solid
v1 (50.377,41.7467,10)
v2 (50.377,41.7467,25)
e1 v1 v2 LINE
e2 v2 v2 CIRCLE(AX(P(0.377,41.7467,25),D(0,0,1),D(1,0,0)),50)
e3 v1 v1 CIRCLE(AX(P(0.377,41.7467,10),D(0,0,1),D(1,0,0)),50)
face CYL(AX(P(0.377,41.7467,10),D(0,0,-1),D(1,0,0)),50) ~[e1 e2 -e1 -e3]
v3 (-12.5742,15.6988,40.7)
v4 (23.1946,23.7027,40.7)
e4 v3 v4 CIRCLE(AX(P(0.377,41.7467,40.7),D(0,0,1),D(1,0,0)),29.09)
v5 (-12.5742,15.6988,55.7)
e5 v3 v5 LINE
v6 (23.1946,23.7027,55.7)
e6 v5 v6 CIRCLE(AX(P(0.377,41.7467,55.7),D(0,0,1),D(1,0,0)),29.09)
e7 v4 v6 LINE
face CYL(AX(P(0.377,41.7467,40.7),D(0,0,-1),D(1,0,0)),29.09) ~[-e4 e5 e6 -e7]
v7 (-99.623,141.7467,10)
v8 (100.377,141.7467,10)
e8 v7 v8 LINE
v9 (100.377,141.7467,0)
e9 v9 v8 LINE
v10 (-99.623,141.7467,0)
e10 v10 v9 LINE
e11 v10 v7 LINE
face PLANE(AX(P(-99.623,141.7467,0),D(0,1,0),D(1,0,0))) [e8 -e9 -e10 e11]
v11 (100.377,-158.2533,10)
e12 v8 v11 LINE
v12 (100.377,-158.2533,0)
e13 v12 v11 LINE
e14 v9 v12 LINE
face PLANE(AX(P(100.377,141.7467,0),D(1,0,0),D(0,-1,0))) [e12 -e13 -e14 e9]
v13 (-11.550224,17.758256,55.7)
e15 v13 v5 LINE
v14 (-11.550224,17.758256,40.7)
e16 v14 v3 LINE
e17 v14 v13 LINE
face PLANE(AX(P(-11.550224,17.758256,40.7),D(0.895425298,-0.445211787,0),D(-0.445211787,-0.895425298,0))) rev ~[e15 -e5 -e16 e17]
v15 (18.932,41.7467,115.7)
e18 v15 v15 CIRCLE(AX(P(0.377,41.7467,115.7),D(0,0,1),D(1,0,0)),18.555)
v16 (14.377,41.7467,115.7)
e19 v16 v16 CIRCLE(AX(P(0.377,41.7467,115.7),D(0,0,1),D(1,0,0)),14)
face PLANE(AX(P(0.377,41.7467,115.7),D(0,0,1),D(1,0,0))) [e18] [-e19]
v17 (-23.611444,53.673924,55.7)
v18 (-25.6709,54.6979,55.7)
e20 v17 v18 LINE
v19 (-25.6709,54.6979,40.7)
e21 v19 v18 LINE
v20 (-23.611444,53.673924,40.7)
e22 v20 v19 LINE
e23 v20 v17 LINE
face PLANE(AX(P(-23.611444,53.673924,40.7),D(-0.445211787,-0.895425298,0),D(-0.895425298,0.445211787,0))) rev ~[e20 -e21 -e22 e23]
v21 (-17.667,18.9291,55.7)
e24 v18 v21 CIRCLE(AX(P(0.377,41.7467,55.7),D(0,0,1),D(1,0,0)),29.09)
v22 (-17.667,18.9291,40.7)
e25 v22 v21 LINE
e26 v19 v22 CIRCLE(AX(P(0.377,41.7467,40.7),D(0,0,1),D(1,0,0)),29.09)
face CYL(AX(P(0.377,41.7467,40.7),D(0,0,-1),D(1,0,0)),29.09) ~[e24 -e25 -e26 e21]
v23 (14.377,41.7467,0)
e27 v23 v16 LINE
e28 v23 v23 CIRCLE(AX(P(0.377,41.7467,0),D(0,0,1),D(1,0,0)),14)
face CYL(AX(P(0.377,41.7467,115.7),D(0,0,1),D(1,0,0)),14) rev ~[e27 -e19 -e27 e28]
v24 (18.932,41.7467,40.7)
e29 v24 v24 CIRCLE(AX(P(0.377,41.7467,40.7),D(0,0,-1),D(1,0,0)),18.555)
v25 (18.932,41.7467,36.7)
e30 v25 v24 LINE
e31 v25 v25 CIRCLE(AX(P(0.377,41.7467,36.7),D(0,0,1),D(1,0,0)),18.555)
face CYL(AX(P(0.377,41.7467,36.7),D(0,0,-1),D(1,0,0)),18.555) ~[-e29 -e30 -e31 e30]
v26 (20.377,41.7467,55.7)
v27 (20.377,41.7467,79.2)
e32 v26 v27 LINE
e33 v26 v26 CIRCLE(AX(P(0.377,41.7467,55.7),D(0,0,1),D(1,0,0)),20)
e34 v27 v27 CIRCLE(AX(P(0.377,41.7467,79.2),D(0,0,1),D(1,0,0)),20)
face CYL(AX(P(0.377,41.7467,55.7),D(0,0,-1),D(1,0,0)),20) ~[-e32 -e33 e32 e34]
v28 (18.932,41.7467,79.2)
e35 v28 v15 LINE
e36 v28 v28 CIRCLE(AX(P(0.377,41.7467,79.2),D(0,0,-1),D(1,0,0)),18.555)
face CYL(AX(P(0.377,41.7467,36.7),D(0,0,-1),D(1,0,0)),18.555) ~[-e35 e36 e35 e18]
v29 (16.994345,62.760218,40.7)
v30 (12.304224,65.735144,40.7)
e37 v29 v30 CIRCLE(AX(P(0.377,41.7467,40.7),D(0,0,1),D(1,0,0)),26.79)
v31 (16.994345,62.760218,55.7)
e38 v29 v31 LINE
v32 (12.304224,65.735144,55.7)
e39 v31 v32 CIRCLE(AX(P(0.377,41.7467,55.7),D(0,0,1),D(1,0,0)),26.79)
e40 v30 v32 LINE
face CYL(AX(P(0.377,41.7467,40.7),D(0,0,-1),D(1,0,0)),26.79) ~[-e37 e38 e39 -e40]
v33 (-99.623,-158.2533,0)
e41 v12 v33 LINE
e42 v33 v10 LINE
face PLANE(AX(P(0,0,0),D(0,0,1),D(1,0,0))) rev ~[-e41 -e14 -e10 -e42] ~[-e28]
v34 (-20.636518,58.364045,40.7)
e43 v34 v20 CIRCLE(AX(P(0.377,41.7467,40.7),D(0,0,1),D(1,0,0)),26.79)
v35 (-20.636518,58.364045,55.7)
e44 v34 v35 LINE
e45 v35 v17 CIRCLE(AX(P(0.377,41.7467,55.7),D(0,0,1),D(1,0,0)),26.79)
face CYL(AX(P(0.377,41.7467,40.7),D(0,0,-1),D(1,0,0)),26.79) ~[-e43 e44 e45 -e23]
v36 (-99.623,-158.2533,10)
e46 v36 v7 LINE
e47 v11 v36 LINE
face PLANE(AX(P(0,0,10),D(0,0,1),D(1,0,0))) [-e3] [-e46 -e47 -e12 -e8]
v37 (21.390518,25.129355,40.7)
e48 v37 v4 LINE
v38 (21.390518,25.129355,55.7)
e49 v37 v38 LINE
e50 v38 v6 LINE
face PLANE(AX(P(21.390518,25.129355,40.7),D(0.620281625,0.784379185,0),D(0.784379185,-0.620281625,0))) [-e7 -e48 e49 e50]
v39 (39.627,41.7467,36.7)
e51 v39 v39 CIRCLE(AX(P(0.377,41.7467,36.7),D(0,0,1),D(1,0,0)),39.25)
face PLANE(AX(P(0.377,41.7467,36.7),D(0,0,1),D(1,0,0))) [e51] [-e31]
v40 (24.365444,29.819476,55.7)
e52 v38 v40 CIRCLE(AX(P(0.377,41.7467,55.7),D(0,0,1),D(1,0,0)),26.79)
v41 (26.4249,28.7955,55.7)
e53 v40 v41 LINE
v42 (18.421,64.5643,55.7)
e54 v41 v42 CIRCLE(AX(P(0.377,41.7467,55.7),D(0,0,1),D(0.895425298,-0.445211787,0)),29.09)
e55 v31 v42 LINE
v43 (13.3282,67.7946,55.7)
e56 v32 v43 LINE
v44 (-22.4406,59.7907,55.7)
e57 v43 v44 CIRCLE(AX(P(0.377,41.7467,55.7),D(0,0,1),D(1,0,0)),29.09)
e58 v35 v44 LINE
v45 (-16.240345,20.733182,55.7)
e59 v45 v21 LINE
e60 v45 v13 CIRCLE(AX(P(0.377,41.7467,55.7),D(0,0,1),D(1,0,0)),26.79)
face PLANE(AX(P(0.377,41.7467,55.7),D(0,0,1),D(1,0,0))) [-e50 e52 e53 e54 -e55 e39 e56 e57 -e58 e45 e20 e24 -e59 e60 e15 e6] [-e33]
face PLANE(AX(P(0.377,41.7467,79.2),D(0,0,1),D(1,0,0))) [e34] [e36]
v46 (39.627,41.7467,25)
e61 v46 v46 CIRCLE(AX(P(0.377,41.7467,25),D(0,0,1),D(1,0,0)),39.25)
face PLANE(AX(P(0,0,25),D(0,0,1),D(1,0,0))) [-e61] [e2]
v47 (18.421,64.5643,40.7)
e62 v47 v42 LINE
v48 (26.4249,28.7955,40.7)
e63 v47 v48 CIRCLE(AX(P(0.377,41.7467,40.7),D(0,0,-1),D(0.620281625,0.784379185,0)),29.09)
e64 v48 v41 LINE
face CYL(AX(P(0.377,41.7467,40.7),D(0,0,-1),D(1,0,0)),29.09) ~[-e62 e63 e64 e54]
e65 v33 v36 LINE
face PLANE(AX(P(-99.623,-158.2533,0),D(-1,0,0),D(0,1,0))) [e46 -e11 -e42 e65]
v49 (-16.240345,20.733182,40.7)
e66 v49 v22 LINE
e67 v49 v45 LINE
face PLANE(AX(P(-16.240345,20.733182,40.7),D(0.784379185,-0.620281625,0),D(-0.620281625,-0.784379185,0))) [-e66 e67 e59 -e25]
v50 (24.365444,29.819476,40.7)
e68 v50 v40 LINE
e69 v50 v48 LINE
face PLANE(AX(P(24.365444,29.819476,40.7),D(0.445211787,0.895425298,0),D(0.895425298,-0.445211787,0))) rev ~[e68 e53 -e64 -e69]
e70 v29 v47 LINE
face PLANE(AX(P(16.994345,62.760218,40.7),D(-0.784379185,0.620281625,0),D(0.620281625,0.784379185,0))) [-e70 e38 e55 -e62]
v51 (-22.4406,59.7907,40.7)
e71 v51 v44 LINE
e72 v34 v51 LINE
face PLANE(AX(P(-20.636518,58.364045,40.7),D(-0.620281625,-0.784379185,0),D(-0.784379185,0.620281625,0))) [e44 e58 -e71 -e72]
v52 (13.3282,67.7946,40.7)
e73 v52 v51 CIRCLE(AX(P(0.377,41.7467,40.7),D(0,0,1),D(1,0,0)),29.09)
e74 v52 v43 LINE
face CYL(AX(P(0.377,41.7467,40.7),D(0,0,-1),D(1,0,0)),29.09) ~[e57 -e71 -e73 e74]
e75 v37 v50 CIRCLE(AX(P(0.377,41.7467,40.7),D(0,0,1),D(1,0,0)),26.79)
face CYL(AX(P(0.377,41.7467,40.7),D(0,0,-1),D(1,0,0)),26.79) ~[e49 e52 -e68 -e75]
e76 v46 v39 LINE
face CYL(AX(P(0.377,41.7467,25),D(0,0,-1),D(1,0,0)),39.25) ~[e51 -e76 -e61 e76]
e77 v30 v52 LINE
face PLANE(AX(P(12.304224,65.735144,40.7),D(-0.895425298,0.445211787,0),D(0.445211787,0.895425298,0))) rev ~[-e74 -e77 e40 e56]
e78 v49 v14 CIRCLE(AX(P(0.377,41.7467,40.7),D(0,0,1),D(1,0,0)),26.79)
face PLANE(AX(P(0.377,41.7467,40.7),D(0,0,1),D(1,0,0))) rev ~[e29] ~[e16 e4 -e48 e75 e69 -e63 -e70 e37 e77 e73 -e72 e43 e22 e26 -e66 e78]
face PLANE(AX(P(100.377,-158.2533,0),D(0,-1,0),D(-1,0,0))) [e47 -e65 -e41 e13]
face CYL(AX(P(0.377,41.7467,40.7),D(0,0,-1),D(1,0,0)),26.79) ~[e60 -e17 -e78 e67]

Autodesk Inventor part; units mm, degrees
ref_plane "YZ Plane" through (0, 0, 0) normal (1, 0, 0) x (0, 1, 0)
ref_plane "XZ Plane" through (0, 0, 0) normal (0, 1, 0) x (-1, 0, 0)
sketch "Sketch1" plane through (0, 0, 0) normal (0, 0, 1) x (1, 0, 0)
  line L0 (-99.623, 141.7467) -> (100.377, 141.7467)
  line L1 (100.377, 141.7467) -> (100.377, -158.2533)
  line L2 (100.377, -158.2533) -> (-99.623, -158.2533)
  line L3 (-99.623, -158.2533) -> (-99.623, 141.7467)
  point P0 (0, 0)
  dimension "d0" = 200
  dimension "d1" = 300
extrude "Extrusion1" add sketch "Sketch1" along normal blind 10
sketch "Sketch2" plane through (0, 0, 10) normal (0, 0, 1) x (1, 0, 0)
  circle A0 centre (0.377, 41.7467) radius 50
  line L0 (100.377, 141.7467) -> (-99.623, 141.7467) projected
  line L1 (100.377, -158.2533) -> (100.377, 141.7467) projected
  point P0 (0, 0)
  dimension "d4" = 100
  dimension "d5" = 100
  dimension "d6" = 100
extrude "Extrusion2" add sketch "Sketch2" along normal blind 15
sketch "Sketch3" plane through (0.377, 41.7467, 25) normal (0, 0, 1) x (1, 0, 0)
  circle A0 centre (0, 0) radius 39.25
  point P0 (-0.377, -41.7467)
  dimension "d9" = 78.5
extrude "Extrusion3" add sketch "Sketch3" along normal blind 11.7
sketch "Sketch4" plane through (0.377, 41.7467, 36.7) normal (0, 0, 1) x (1, 0, 0)
  circle A0 centre (0, 0) radius 18.555
  point P0 (-0.377, -41.7467)
  dimension "d12" = 37.11
extrude "Extrusion4" add sketch "Sketch4" along normal blind 79
ref_plane "Work Plane1" through (0.377, 41.7467, 40.7) normal (0, 0, 1) x (1, 0, 0)
sketch "Sketch5" plane through (0.377, 41.7467, 40.7) normal (0, 0, 1) x (1, 0, 0)
  circle A0 centre (0, 0) radius 18.555 projected
  circle A1 centre (0, 0) radius 29.09
  circle A2 centre (0, 0) radius 26.79
  line L0 (0, 0) -> (12.9512, 26.0479)
  line L1 (0, 0) -> (18.044, 22.8176)
  line L2 (0, 0) -> (-26.0479, 12.9512)
  line L3 (0, 0) -> (-22.8176, 18.044)
  line L4 (0, 0) -> (-12.9512, -26.0479)
  line L5 (0, 0) -> (-18.044, -22.8176)
  line L6 (0, 0) -> (26.0479, -12.9512)
  line L7 (0, 0) -> (22.8176, -18.044)
  point P0 (-0.377, -41.7467)
  point P1 (-23.9885, 11.9272)
  point P2 (-18.044, -22.8176)
  point P3 (-16.6174, -21.0135)
  point P4 (-11.9272, -23.9885)
  point P5 (22.8176, -18.044)
  point P6 (21.0135, -16.6174)
  point P7 (23.9885, -11.9272)
  point P8 (26.0479, -12.9512)
  point P9 (16.6174, 21.0135)
  point P10 (11.9272, 23.9885)
  point P11 (-21.0135, 16.6174)
  dimension "d16" = 58.18
  dimension "d19" = 53.58
  dimension "d20" = 11.9
  dimension "d23" = 360
extrude "Extrusion5" add sketch "Sketch5" along normal blind 15 contours A0 L1 A2 L6 | A0 L0 A2 L1 | L6 A2 L7 A0 | A0 L3 A2 L0 | L1 A1 L6 A2 | L7 A2 L4 A0 | A0 L2 A2 L3 | A2 L3 A1 L0 | A0 L5 A2 L2 | L4 A2 L5 A0 | L7 A1 L4 A2 | A2 L5 A1 L2
sketch "Sketch6" plane through (0.377, 41.7467, 115.7) normal (0, 0, 1) x (1, 0, 0)
  circle A0 centre (0, 0) radius 14
  point P0 (-0.377, -41.7467)
  dimension "d25" = 28
extrude "Extrusion6" cut sketch "Sketch6" against normal through all
sketch "Sketch7" plane through (0.377, 41.7467, 55.7) normal (0, 0, 1) x (1, 0, 0)
  circle A0 centre (0, 0) radius 14
  circle A1 centre (0, 0) radius 20
  point P0 (-0.377, -41.7467)
  dimension "d28" = 40
extrude "Extrusion7" add sketch "Sketch7" along normal blind 23.5
thread "Thread1" size "M40x3" class "6g" standard "ANSI Metric M Profile" full length
properties part number "lathe_spindle_end"
